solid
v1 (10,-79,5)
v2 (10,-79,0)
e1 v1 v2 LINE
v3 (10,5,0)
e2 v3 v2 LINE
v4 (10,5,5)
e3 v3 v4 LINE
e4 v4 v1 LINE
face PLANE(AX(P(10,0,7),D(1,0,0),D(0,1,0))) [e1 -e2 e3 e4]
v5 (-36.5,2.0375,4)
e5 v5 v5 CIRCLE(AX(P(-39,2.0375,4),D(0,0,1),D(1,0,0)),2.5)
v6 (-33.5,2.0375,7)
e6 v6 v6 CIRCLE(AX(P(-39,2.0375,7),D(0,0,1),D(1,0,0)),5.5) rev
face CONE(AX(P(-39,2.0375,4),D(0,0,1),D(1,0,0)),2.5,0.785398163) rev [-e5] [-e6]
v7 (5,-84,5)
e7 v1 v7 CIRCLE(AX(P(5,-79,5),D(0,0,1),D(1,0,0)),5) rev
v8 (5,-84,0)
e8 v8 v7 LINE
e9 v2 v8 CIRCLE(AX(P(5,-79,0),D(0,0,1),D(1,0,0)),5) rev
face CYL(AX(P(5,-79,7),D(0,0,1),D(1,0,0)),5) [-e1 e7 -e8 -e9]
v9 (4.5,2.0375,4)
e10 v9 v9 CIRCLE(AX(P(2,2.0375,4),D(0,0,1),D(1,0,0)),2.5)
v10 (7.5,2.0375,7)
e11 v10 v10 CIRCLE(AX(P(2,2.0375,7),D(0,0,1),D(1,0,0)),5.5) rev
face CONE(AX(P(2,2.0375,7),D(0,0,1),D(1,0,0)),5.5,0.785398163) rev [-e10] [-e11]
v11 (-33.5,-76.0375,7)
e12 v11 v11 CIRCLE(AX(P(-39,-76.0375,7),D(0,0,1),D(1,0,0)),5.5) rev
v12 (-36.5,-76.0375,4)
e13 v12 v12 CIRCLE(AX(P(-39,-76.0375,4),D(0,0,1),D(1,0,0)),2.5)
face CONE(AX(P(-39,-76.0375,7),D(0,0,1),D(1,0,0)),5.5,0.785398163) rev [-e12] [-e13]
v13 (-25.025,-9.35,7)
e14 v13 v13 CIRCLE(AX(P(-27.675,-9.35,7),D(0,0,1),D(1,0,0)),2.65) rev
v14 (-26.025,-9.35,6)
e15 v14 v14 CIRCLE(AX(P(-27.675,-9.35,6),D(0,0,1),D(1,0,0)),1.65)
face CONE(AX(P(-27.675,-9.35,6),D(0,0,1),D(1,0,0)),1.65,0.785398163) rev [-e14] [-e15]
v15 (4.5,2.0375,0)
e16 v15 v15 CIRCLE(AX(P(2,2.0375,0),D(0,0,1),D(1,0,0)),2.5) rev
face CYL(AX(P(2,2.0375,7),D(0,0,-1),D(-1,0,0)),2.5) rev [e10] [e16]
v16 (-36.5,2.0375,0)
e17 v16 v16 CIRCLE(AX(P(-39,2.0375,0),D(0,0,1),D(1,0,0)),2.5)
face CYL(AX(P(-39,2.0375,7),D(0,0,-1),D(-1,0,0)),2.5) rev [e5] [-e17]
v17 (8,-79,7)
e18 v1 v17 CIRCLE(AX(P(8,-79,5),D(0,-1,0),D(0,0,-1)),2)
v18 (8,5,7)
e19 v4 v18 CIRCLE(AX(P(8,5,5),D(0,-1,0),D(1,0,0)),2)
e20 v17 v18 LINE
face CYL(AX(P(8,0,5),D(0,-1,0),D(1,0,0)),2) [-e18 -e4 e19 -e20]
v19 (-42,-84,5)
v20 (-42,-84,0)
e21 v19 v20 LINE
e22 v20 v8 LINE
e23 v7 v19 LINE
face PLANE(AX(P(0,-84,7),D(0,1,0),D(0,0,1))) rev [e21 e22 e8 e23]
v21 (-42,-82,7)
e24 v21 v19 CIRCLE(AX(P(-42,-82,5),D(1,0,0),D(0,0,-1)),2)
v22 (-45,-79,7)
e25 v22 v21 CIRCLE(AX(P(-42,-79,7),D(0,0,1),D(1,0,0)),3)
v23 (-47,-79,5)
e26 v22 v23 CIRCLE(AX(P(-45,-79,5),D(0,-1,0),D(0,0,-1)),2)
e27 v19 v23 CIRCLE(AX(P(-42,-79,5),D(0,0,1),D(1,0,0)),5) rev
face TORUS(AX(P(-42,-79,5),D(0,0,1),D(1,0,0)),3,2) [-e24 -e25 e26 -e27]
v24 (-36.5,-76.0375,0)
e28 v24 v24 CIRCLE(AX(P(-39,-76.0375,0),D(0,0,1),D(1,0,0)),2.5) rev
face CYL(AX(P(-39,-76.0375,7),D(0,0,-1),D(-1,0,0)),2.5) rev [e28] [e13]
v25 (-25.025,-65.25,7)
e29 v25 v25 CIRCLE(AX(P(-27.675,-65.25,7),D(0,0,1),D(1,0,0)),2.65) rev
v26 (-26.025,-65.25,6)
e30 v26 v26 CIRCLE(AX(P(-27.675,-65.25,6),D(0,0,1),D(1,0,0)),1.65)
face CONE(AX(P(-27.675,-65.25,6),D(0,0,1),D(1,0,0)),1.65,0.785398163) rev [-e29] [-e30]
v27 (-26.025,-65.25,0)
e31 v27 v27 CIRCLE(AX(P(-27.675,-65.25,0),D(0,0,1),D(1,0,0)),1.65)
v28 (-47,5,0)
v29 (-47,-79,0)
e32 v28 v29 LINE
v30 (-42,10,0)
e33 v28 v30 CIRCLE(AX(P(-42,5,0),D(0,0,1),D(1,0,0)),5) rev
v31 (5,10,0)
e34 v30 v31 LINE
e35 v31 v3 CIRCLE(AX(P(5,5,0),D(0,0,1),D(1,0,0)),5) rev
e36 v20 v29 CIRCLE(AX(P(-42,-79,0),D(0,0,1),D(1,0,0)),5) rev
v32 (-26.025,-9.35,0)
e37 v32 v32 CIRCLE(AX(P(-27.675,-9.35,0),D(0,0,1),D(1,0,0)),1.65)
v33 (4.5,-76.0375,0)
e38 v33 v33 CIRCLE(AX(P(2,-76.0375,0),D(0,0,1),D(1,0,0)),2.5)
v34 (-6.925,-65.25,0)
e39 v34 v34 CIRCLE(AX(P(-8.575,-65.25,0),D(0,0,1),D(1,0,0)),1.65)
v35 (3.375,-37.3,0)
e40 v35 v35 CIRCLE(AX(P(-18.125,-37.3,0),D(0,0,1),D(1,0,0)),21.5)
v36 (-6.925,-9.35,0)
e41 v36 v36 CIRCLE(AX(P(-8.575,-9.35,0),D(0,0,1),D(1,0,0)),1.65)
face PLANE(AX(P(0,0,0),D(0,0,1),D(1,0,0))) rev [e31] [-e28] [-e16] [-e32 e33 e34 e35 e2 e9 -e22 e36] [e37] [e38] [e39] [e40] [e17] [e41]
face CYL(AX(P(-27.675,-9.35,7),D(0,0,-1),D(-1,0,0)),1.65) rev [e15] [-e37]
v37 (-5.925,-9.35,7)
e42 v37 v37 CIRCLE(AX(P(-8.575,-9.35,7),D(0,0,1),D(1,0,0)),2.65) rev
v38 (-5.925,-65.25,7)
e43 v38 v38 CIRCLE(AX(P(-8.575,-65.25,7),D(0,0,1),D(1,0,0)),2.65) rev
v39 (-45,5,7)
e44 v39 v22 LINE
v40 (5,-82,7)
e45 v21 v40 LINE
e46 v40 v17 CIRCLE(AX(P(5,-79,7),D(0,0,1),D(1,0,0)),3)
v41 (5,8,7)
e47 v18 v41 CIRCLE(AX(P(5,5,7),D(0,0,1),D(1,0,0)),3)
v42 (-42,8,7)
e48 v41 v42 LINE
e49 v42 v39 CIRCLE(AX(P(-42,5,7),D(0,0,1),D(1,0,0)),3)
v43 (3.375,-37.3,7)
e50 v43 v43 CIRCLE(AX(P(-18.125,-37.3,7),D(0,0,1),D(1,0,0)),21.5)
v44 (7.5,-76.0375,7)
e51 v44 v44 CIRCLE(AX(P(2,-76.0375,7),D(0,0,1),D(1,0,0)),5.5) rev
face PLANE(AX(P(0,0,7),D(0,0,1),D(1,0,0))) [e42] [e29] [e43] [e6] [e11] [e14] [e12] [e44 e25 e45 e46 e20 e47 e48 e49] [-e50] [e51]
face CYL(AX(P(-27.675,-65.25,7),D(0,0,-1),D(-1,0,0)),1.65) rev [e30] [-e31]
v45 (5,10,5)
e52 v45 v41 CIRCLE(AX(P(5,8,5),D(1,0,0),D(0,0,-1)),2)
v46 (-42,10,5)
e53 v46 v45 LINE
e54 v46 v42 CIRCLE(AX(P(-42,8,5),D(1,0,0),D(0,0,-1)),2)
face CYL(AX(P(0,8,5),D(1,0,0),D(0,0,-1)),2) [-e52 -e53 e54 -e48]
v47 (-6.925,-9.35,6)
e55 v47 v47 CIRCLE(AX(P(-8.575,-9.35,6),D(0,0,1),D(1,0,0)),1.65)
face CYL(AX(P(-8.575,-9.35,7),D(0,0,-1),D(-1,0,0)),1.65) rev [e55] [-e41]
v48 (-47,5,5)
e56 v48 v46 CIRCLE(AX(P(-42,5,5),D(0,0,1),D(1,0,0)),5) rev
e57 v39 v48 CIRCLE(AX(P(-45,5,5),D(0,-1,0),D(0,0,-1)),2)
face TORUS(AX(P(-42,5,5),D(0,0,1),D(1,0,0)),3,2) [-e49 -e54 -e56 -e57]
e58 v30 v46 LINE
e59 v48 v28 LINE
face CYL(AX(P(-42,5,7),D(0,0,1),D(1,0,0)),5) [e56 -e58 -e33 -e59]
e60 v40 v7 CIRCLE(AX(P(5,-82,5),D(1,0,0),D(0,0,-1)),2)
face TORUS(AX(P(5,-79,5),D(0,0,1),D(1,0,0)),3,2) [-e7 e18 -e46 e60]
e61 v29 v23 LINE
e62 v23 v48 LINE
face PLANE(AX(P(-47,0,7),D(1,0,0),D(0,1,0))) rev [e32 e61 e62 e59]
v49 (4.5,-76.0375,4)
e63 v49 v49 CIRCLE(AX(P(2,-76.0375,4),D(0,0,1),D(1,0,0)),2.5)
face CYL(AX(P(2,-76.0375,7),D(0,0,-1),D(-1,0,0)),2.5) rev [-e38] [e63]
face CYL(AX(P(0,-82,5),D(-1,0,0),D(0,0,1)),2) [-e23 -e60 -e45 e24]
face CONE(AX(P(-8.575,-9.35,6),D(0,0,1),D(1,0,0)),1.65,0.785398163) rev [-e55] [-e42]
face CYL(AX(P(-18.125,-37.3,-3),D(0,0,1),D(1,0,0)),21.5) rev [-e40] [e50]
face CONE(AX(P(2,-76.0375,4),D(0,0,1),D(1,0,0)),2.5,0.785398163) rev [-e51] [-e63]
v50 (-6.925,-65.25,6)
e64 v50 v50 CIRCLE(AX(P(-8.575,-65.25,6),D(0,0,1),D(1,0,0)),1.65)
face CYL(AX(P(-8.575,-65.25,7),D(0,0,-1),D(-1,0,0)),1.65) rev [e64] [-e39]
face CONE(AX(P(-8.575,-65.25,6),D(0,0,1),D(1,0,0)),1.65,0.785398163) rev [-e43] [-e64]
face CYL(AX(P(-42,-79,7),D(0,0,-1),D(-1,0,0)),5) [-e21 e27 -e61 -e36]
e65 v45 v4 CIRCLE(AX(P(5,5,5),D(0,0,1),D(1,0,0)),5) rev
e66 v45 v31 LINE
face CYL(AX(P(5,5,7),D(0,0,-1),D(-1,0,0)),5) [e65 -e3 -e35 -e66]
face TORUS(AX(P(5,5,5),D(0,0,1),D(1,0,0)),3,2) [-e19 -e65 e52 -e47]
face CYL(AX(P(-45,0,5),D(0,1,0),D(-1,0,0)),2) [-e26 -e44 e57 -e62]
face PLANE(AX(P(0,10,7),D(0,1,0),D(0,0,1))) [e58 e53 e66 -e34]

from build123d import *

# Parameters (mm, degrees)
SKETCH1_W           = 57
SKETCH1_H           = 94
SKETCH1_R           = 2.5
SKETCH1_R_2         = 1.65
BOSS_EXTRUDE1_DEPTH = 7
CHAMFER1_SIZE       = 3
FILLET1_R           = 5
FILLET2_R           = 2
CHAMFER2_SIZE       = 1
CUT_EXTRUDE1_DEPTH  = 10


with BuildPart() as part:
    # Sketch1 → Boss-Extrude1 (new body)
    with BuildSketch(Plane.XY):
        with Locations((-18.5, -37)):
            Rectangle(SKETCH1_W, SKETCH1_H)
        with Locations((-39, -76.0375)):
            Circle(SKETCH1_R, mode=Mode.SUBTRACT)
        with BuildLine():
            ThreePointArc((-26.025, -65.25), (-28.841726189, -66.416726189), (-27.675, -63.6))
            ThreePointArc((-27.675, -63.6), (-26.508273811, -64.083273811), (-26.025, -65.25))
        make_face(mode=Mode.SUBTRACT)
        with Locations((-8.575, -65.25)):
            Circle(SKETCH1_R_2, mode=Mode.SUBTRACT)
        with Locations((2, -76.0375)):
            Circle(SKETCH1_R, mode=Mode.SUBTRACT)
        with BuildLine():
            ThreePointArc((-26.025, -9.35), (-26.508273811, -10.516726189), (-27.675, -11))
            ThreePointArc((-27.675, -11), (-28.841726189, -8.183273811), (-26.025, -9.35))
        make_face(mode=Mode.SUBTRACT)
        with Locations((-8.575, -9.35)):
            Circle(SKETCH1_R_2, mode=Mode.SUBTRACT)
        with Locations((2, 2.0375)):
            Circle(SKETCH1_R, mode=Mode.SUBTRACT)
        with Locations((-39, 2.0375)):
            Circle(SKETCH1_R, mode=Mode.SUBTRACT)
    extrude(amount=BOSS_EXTRUDE1_DEPTH)

    # Chamfer1
    chamfer1_edges = [part.edges().sort_by_distance(p)[0] for p in [
        (-0.5, -76.0375, 7),
        (-41.5, -76.0375, 7),
        (-0.5, 2.0375, 7),
        (-41.5, 2.0375, 7),
    ]]
    chamfer(chamfer1_edges, length=CHAMFER1_SIZE)

    # Fillet1
    fillet1_edges = [part.edges().sort_by_distance(p)[0] for p in [
        (10, 10, 3.5),
        (10, -84, 3.5),
        (-47, -84, 3.5),
        (-47, 10, 3.5),
    ]]
    fillet(fillet1_edges, radius=FILLET1_R)

    # Fillet2
    fillet2_edges = [part.edges().sort_by_distance(p)[0] for p in [
        (-18.5, 10, 7),
        (10, -37, 7),
        (-47, -37, 7),
        (-18.5, -84, 7),
        (8.535533906, -82.535533906, 7),
        (-45.535533906, -82.535533906, 7),
        (-45.535533906, 8.535533906, 7),
        (8.535533906, 8.535533906, 7),
    ]]
    fillet(fillet2_edges, radius=FILLET2_R)

    # Chamfer2
    chamfer2_edges = [part.edges().sort_by_distance(p)[0] for p in [
        (-29.325, -9.35, 7),
        (-10.225, -65.25, 7),
        (-27.675, -66.9, 7),
        (-10.225, -9.35, 7),
    ]]
    chamfer(chamfer2_edges, length=CHAMFER2_SIZE)

    # Sketch3 → Cut-Extrude1 (cut)
    with BuildSketch(Plane.XY.offset(7)):
        with BuildLine():
            Line((-27.675, -56.562593283), (-27.675, -18.037406717))
            ThreePointArc((-27.675, -18.037406717), (-39.625, -37.3), (-27.675, -56.562593283))
        make_face()
        with BuildLine():
            ThreePointArc((-8.575, -18.037406717), (-18.125, -15.8), (-27.675, -18.037406717))
            Line((-27.675, -18.037406717), (-27.675, -56.562593283))
            ThreePointArc((-27.675, -56.562593283), (-18.125, -58.8), (-8.575, -56.562593283))
            Line((-8.575, -56.562593283), (-8.575, -18.037406717))
        make_face()
        with BuildLine():
            ThreePointArc((3.375, -37.3), (0.144852216, -25.965870126), (-8.575, -18.037406717))
            Line((-8.575, -18.037406717), (-8.575, -56.562593283))
            ThreePointArc((-8.575, -56.562593283), (0.144852216, -48.634129874), (3.375, -37.3))
        make_face()
    extrude(amount=-CUT_EXTRUDE1_DEPTH, mode=Mode.SUBTRACT)


solid = part.part
